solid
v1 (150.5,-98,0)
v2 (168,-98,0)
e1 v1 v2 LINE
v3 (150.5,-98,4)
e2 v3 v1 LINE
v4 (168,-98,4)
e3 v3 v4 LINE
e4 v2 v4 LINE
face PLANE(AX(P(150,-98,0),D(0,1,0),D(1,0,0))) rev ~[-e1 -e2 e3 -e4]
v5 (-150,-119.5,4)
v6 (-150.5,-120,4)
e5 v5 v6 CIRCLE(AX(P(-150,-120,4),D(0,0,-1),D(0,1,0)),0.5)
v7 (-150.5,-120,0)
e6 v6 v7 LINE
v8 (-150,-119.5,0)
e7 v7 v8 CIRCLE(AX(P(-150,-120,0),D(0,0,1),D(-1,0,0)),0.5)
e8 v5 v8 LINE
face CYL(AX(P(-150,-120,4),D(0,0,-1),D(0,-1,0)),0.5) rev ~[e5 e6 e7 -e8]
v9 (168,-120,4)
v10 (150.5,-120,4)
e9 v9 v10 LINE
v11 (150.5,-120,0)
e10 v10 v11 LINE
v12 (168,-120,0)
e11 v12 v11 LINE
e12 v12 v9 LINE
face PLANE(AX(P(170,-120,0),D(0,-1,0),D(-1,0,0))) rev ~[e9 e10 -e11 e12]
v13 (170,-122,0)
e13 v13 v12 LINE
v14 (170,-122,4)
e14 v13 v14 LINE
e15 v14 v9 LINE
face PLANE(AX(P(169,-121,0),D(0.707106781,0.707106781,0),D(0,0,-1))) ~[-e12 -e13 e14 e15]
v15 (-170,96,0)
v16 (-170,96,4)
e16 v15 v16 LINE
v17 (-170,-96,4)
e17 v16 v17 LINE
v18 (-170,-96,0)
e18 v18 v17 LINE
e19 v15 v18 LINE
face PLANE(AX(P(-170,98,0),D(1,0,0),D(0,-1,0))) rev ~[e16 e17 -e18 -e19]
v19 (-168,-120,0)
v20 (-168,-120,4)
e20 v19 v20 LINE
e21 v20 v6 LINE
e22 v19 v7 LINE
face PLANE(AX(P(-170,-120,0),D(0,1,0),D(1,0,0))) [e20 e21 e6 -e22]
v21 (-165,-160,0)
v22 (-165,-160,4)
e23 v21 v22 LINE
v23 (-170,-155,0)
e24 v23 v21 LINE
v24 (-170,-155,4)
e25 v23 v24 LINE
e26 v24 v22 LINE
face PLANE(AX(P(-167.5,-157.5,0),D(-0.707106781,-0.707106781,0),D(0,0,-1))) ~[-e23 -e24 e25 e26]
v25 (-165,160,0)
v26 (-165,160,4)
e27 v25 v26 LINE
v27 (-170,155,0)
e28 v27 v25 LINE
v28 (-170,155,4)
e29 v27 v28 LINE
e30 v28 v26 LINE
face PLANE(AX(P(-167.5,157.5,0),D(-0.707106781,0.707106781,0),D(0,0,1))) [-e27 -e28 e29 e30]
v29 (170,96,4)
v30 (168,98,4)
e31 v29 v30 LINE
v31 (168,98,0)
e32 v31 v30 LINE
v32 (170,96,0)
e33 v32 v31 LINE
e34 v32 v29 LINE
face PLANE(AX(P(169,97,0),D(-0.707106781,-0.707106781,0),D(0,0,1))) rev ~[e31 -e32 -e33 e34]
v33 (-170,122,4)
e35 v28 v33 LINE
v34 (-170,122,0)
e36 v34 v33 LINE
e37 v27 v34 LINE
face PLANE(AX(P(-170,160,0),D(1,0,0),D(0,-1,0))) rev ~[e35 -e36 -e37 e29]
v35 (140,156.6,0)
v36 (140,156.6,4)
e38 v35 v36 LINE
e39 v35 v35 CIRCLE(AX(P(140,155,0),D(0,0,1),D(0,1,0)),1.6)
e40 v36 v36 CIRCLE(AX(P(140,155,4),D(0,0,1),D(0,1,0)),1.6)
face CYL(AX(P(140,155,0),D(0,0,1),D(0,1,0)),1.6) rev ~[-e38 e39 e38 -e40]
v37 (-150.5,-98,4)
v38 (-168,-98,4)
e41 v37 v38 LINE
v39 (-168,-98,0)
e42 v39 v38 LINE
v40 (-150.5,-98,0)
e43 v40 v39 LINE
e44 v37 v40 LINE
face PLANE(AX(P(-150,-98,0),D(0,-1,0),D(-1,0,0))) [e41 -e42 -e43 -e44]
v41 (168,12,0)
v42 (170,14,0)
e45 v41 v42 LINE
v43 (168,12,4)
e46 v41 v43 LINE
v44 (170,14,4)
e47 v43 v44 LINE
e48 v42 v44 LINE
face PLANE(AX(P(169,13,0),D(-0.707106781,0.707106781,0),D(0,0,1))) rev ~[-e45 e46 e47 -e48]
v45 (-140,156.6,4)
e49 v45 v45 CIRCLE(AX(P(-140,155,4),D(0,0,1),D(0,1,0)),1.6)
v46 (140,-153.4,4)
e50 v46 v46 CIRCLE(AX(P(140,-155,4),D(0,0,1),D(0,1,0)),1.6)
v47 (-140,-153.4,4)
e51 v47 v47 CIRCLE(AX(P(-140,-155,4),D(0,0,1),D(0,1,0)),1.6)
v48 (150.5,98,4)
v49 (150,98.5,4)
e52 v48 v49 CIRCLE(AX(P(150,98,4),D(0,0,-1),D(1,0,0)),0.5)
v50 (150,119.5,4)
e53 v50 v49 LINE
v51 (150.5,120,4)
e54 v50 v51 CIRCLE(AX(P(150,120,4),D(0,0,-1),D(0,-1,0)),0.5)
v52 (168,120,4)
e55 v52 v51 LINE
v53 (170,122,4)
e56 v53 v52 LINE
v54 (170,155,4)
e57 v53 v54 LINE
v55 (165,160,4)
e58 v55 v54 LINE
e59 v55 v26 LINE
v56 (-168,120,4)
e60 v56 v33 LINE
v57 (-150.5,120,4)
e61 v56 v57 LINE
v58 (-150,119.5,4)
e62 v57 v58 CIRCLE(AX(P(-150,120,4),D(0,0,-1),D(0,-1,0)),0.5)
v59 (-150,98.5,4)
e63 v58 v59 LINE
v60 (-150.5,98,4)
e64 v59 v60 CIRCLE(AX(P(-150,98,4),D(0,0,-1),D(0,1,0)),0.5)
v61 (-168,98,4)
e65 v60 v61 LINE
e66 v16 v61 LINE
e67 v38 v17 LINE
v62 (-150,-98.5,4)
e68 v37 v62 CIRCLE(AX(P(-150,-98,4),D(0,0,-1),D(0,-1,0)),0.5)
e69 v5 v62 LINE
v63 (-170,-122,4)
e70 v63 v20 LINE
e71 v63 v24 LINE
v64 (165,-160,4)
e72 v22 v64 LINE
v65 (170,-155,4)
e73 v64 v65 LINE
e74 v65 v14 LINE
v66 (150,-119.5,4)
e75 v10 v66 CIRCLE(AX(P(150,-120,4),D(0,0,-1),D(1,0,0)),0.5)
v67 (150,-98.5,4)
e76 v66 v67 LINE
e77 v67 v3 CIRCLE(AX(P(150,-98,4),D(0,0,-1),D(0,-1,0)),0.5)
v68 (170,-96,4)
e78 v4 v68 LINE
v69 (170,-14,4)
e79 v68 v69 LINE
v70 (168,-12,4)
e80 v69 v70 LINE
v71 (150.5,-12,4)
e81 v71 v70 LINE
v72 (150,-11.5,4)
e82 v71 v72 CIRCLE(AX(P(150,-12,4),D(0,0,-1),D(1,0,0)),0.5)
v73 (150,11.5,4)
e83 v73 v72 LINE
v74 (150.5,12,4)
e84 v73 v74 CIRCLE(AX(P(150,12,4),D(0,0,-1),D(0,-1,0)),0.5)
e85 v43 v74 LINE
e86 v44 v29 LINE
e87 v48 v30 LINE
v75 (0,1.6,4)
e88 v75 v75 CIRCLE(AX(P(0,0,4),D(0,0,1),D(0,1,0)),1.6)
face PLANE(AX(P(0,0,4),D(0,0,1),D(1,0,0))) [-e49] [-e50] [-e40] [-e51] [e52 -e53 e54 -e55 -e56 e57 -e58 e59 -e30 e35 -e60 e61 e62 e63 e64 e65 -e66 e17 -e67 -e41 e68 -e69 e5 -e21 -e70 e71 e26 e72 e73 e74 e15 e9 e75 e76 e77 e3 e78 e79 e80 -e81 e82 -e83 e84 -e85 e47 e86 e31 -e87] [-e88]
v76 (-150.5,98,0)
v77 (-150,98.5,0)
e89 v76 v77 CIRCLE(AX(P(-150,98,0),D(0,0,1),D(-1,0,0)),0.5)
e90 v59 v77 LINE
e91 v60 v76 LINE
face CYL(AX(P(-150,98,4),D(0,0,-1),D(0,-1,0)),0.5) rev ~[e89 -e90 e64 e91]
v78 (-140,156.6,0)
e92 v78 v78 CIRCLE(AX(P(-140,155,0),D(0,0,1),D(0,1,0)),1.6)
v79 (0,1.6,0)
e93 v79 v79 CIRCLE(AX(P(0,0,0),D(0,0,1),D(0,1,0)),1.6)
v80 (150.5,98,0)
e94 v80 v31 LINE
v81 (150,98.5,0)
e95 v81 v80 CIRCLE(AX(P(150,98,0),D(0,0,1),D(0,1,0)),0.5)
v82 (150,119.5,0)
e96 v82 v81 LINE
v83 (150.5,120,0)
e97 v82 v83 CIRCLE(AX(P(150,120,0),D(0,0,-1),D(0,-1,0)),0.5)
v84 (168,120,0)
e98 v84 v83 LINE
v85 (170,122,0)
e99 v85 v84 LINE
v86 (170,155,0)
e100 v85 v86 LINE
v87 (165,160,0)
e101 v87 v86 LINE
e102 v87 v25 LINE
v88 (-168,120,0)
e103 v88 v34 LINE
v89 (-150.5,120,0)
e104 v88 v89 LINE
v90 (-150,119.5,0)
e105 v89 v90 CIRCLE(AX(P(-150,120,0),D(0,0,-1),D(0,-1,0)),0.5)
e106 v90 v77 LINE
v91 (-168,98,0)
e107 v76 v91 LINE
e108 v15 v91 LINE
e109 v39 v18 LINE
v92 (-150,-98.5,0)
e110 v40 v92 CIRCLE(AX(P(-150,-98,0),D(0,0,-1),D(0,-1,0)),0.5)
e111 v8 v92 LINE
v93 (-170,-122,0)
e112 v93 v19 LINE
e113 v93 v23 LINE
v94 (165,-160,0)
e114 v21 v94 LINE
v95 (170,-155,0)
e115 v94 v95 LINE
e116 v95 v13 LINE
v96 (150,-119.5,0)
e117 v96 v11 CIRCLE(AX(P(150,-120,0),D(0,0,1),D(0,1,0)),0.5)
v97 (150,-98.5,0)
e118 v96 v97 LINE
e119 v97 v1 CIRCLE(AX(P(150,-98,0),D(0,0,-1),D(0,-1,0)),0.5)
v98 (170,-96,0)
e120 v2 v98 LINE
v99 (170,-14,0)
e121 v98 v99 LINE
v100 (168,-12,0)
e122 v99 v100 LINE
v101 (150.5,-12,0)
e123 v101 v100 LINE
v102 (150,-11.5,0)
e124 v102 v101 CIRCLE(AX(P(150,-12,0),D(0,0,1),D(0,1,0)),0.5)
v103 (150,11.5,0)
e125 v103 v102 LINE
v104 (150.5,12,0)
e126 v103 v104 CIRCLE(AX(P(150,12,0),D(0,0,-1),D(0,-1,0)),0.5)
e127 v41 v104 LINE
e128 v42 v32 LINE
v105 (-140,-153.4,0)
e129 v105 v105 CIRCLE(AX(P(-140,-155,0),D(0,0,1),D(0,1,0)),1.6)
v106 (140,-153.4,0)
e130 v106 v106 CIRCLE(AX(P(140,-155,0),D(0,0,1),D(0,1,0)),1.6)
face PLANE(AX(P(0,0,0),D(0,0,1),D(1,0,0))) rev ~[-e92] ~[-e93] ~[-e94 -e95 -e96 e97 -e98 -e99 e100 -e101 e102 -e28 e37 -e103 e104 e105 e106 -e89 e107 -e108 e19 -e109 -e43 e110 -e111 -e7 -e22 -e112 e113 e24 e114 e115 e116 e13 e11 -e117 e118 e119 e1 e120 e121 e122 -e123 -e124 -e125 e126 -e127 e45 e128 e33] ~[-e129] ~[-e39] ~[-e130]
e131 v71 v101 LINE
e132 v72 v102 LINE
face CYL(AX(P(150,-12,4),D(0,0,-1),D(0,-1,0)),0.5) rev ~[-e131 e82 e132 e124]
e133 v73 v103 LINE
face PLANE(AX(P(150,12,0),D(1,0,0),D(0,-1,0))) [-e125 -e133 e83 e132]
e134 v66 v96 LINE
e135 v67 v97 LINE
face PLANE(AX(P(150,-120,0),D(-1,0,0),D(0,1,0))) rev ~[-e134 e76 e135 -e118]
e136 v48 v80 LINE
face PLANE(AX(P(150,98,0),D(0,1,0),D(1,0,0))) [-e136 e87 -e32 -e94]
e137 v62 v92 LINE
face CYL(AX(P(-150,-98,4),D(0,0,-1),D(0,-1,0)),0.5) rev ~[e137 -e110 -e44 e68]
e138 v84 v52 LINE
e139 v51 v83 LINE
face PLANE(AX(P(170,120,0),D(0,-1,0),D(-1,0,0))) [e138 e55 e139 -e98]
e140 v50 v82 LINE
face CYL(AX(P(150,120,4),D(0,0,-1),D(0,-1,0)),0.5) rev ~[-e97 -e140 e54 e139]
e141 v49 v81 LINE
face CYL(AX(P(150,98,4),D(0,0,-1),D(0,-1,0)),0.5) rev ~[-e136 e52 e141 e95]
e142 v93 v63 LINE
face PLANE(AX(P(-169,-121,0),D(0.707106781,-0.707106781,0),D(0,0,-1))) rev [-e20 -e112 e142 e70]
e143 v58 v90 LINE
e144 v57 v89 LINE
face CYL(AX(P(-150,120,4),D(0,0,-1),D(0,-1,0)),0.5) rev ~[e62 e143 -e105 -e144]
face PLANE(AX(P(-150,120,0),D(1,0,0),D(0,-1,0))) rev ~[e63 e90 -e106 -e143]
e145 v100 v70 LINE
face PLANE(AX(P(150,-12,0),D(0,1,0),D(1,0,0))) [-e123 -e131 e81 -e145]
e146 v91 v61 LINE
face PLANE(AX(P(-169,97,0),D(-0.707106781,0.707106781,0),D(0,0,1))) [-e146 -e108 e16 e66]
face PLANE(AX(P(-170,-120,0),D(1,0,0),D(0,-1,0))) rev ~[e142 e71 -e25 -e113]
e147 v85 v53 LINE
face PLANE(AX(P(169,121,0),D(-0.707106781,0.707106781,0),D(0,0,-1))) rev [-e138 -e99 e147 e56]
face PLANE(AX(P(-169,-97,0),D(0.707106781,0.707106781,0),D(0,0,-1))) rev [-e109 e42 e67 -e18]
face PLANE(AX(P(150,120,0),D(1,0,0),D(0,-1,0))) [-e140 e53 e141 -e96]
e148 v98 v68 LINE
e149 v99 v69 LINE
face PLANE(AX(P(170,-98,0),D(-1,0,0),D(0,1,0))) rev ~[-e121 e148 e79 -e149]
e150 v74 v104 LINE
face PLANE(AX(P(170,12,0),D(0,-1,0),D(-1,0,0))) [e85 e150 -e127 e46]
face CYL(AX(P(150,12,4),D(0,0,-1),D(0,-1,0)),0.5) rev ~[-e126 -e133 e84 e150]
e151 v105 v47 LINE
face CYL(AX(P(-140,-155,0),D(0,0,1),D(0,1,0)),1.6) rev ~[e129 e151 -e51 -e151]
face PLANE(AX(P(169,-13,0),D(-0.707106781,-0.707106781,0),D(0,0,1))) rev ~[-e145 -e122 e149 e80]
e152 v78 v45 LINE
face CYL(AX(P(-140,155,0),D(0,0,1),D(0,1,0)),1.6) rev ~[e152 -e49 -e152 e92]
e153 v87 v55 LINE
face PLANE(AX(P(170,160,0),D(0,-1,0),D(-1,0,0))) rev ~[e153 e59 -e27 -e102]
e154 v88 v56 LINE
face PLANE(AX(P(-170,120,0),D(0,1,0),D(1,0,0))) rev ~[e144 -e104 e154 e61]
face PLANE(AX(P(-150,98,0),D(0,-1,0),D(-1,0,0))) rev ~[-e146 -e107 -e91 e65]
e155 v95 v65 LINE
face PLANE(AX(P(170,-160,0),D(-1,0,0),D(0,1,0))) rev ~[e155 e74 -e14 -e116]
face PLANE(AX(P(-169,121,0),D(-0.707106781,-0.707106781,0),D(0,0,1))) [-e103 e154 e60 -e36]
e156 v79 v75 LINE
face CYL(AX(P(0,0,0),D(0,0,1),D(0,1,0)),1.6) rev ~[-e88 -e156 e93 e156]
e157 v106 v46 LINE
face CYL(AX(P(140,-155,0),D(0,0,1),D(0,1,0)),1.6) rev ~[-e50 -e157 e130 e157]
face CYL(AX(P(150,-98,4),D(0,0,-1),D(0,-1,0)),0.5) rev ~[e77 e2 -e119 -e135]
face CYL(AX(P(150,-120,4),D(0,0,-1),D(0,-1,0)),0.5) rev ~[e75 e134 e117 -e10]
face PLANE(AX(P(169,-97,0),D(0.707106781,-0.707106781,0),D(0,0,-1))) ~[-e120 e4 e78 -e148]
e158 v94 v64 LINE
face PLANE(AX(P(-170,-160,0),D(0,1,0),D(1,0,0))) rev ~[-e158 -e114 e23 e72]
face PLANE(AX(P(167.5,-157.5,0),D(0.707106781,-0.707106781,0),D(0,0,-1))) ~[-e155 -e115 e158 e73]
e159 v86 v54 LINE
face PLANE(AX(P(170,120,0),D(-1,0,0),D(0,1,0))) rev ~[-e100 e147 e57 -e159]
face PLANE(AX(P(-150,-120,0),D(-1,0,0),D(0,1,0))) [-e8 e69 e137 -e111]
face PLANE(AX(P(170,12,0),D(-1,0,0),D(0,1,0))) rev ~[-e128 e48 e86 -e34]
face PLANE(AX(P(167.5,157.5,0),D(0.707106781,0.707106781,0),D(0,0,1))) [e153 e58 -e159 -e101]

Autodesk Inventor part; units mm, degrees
ref_plane "YZ Plane" through (0, 0, 0) normal (1, 0, 0) x (0, 1, 0)
ref_plane "XZ Plane" through (0, 0, 0) normal (0, 1, 0) x (-1, 0, 0)
ref_plane "XY Plane" through (0, 0, 0) normal (0, 0, 1) x (1, 0, 0)
sketch "Sketch1" plane through (0, 0, 0) normal (0, 0, 1) x (1, 0, 0)
  line L0 (-170, -160) -> (170, -160)
  line L1 (170, -160) -> (170, -120)
  line L2 (170, 160) -> (-170, 160)
  line L3 (-170, 160) -> (-170, 120)
  line L4 (-170, -160) -> (170, 160) construction
  line L5 (170, -160) -> (-170, 160) construction
  line L6 (-140, -155) -> (140, -155) construction
  line L7 (140, -155) -> (140, 155) construction
  line L8 (140, 155) -> (-140, 155) construction
  line L9 (-140, 155) -> (-140, -155) construction
  line L10 (-140, -155) -> (140, 155) construction
  line L11 (140, -155) -> (-140, 155) construction
  line L12 (-150, -150) -> (150, -150) construction
  line L13 (150, -150) -> (150, 150) construction
  line L14 (150, 150) -> (-150, 150) construction
  line L15 (-150, 150) -> (-150, -150) construction
  line L16 (-150, -150) -> (150, 150) construction
  line L17 (150, -150) -> (-150, 150) construction
  line L18 (170, 120) -> (150, 120)
  line L19 (150, 120) -> (150, 98)
  line L20 (150, 98) -> (170, 98)
  line L21 (170, 98) -> (170, 120) construction
  line L22 (0, -160) -> (0, 160) construction
  line L23 (-170, 0) -> (170, 0) construction
  line L24 (-170, 120) -> (-150, 120)
  line L25 (-150, 120) -> (-150, 98)
  line L26 (-150, 98) -> (-170, 98)
  line L27 (-170, 98) -> (-170, 120) construction
  line L28 (170, -120) -> (150, -120)
  line L29 (150, -120) -> (150, -98)
  line L30 (150, -98) -> (170, -98)
  line L31 (170, -98) -> (170, -120) construction
  line L32 (-170, -120) -> (-150, -120)
  line L33 (-150, -98) -> (-170, -98)
  line L34 (-170, -98) -> (-170, -120) construction
  line L35 (-150, -120) -> (-150, -98)
  line L36 (-170, 98) -> (-170, -98)
  line L37 (-170, -120) -> (-170, -160)
  line L38 (-170, -98) -> (-170, -120)
  line L39 (170, -120) -> (170, -98)
  line L40 (170, -98) -> (170, 98)
  line L41 (170, 98) -> (170, 120)
  line L42 (170, 120) -> (170, 160)
  line L43 (-170, 120) -> (-170, 98) construction
  line L44 (170, 12) -> (150, 12)
  line L45 (150, 12) -> (150, -12)
  line L46 (150, -12) -> (170, -12)
  line L47 (170, -12) -> (170, 12)
  point P0 (0, 0)
  point P1 (0, 0)
  dimension "d0" = 340
  dimension "d1" = 320
  dimension "d4" = 280
  dimension "d5" = 310
  dimension "d13" = 300
  dimension "d14" = 300
  dimension "d15" = 22
  dimension "d16" = 30
  dimension "d27" = 24
extrude "Extrusion1" add sketch "Sketch1" along normal blind 4 contours L37 L32 L35 L33 L36 L26 L25 L24 L3 L2 L42 L18 L19 L20 L40 L44 L45 L46 L30 L29 L28 L1 L0
hole "Hole1" at (-140, 155, 0) at (-140, -155, 0) at (140, -155, 0) at (140, 155, 0) at (0, 0, 0) direction (0, 0, 1) diameter 3.2 end through all
sketch "Szkic2" plane through (0, 0, 4) normal (0, 0, 1) x (1, 0, 0)
  point P0 (-150, 98)
  point P1 (-150, 120)
  point P2 (-150, -120)
  point P3 (-150, -98)
  point P4 (150, -120)
  point P5 (150, -98)
  point P6 (150, 98)
  point P7 (150, 120)
  point P8 (150, 12)
  point P9 (150, -12)
hole "Otwór2" at (-150, 98, 4) at (-150, 120, 4) at (-150, -120, 4) at (-150, -98, 4) at (150, -120, 4) at (150, -98, 4) at (150, 98, 4) at (150, -12, 4) at (150, 12, 4) at (150, 120, 4) direction (0, 0, -1) diameter 1 end through all
chamfer "Faza1" distance 5 angle 45 4 edges at (-170, -160, 2) (170, -160, 2) (170, 160, 2) (-170, 160, 2)
chamfer "Faza2" distance 2 angle 45 10 edges at (170, -120, 2) (170, -98, 2) (170, -12, 2) (170, 12, 2) (170, 98, 2) (170, 120, 2) (-170, -120, 2) (-170, -98, 2) (-170, 120, 2) (-170, 98, 2)
properties part number "stolik"
